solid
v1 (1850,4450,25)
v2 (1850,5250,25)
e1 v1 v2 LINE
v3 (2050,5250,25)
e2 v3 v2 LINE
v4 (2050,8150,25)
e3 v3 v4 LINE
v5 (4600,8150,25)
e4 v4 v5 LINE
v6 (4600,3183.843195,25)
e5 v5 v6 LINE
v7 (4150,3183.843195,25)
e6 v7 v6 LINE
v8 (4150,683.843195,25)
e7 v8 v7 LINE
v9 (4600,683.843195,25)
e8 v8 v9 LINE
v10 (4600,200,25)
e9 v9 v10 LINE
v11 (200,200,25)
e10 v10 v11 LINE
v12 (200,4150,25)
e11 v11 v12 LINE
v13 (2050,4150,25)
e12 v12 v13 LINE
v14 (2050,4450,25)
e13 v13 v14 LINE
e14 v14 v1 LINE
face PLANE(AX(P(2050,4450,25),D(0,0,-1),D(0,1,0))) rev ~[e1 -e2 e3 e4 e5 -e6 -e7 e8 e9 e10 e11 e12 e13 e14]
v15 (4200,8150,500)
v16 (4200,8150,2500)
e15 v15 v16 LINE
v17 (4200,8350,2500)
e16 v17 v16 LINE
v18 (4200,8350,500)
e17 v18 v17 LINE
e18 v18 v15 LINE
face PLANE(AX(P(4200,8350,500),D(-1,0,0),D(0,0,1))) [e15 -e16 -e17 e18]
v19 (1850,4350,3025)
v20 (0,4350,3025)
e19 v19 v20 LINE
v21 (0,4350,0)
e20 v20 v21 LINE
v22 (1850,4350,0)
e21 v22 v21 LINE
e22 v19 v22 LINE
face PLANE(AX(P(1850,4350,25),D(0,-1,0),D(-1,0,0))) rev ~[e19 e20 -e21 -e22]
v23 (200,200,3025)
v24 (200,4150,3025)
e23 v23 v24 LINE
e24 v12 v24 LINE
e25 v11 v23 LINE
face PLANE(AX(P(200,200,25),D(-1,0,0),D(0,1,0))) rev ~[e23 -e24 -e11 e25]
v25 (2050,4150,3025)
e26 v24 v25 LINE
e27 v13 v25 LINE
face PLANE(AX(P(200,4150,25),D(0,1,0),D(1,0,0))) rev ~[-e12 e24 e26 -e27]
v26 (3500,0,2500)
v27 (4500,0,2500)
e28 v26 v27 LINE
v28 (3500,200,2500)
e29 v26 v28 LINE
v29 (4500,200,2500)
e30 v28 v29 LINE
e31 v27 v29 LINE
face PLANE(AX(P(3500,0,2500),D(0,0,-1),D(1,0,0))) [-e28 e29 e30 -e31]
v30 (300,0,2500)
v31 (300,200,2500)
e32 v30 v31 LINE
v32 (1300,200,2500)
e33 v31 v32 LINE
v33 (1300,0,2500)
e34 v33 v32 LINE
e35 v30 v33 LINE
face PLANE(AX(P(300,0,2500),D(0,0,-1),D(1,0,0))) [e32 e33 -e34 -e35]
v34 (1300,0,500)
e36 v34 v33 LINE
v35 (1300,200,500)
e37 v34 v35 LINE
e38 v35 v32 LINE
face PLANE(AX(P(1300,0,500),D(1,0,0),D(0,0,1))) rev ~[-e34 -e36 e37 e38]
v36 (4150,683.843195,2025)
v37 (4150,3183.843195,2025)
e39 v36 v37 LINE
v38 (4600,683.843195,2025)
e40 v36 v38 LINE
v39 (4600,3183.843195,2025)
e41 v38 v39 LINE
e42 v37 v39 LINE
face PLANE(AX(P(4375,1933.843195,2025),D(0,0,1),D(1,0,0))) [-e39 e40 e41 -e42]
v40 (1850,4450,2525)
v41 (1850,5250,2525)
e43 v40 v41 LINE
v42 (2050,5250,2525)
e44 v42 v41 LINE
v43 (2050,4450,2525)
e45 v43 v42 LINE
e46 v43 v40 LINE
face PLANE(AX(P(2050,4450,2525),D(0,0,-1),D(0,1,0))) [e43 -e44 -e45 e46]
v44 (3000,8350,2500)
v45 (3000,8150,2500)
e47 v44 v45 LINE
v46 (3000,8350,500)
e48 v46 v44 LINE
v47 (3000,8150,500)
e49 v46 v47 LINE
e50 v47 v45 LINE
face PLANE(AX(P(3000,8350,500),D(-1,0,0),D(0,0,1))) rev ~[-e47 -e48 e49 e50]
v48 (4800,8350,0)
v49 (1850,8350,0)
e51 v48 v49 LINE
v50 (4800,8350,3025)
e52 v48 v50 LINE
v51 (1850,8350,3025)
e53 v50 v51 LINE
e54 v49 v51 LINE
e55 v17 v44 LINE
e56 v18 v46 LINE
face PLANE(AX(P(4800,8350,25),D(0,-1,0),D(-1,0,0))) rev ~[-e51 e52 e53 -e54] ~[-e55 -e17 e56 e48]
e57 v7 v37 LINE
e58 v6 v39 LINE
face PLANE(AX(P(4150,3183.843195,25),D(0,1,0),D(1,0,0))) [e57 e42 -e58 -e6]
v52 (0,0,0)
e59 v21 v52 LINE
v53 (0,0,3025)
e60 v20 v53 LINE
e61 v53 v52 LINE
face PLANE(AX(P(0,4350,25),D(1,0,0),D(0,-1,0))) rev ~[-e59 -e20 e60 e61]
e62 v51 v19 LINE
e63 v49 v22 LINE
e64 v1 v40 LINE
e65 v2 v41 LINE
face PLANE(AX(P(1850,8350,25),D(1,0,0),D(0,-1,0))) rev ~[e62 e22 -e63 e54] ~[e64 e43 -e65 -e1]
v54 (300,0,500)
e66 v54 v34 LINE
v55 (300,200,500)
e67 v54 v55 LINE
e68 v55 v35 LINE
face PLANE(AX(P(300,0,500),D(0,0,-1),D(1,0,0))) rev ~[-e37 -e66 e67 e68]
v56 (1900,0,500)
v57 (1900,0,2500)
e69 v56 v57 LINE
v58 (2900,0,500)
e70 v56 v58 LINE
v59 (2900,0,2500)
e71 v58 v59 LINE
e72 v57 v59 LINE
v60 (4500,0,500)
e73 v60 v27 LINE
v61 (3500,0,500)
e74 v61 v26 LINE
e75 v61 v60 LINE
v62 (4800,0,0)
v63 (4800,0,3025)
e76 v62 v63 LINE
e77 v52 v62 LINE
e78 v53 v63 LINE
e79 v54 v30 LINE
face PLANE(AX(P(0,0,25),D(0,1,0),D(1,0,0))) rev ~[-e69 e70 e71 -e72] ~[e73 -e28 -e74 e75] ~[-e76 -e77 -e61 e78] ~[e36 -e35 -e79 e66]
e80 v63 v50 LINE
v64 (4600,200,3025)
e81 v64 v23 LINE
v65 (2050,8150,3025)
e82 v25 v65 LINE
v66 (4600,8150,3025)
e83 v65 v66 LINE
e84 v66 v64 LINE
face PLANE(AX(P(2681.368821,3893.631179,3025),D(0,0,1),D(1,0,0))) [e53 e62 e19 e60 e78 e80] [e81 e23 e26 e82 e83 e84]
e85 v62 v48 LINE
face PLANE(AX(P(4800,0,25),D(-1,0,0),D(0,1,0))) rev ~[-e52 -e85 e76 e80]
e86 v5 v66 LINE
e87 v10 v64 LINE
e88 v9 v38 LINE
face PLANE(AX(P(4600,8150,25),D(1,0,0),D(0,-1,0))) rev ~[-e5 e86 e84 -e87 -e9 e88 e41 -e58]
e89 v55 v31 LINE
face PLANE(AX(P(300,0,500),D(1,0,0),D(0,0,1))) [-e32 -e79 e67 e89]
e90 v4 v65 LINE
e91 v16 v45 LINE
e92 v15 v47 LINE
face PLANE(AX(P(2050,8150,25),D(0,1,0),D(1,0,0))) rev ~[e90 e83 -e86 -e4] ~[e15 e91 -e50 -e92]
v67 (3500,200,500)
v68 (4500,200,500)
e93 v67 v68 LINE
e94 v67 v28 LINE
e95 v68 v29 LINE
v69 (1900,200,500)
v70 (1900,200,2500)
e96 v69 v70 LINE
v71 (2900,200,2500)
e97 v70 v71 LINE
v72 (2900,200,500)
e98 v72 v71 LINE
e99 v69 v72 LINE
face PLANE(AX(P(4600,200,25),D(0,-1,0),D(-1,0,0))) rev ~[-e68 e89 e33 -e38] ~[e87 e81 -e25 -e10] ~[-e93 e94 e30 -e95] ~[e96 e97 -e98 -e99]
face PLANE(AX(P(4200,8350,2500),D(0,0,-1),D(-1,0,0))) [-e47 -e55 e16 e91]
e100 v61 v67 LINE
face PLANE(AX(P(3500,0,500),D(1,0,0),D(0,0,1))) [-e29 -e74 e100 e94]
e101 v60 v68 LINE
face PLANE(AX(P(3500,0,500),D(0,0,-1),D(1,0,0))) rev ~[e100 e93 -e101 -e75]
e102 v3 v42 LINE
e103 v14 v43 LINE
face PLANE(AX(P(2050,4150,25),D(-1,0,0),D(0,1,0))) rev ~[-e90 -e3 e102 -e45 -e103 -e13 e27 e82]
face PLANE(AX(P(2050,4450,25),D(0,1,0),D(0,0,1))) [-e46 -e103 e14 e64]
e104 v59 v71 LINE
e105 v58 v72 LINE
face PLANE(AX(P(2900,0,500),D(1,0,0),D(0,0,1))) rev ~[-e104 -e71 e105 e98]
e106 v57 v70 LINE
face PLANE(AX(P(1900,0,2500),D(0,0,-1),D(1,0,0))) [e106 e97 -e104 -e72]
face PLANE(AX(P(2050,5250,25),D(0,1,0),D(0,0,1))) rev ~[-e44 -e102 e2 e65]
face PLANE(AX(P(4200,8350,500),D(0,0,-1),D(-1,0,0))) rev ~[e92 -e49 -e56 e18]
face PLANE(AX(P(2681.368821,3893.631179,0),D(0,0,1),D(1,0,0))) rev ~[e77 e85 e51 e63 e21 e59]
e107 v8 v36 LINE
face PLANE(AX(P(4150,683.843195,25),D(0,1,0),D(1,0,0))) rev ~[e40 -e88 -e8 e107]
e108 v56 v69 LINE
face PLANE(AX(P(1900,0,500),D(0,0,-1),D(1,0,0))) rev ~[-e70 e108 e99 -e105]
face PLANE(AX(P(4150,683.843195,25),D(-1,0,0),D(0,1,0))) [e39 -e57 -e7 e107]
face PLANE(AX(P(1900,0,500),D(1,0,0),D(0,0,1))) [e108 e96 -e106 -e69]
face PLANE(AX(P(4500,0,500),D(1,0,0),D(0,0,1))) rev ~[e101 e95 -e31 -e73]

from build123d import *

# Parameters (mm, degrees)
F1_DEPTH  = 25
F4_DEPTH  = 3000
F5_W      = 1000
F5_H      = 2000
F6_DEPTH  = 200
F7_W      = 1200
F7_H      = 2000
F8_DEPTH  = 200
F9_W      = 800
F9_H      = 2500
F10_DEPTH = 200
F11_W     = 450
F11_H     = 2500
F12_DEPTH = 2000


with BuildPart() as f1:
    # F0 (on Top) → F1 (new body)
    with BuildSketch(Plane.XY):
        Polygon((0, 4350), (0, 0), (4800, 0), (4800, 8350), (1850, 8350), (1850, 4350), align=None)
    extrude(amount=F1_DEPTH)

    # F3 (on face) → F4 (join)
    with BuildSketch(Plane.XY.offset(25)):
        Polygon((0, 0), (4800, 0), (4800, 8350), (1850, 8350), (1850, 4350), (0, 4350), align=None)
        Polygon((4600, 8150), (4600, 200), (200, 200), (200, 4150), (2050, 4150), (2050, 8150), align=None, mode=Mode.SUBTRACT)
    extrude(amount=F4_DEPTH)

    # F5 (on face) → F6 (cut, through all)
    with BuildSketch(Plane.XZ):
        with Locations((800, 1500)):
            Rectangle(F5_W, F5_H)
        with Locations((2400, 1500)):
            Rectangle(F5_W, F5_H)
        with Locations((4000, 1500)):
            Rectangle(F5_W, F5_H)
    extrude(amount=-F6_DEPTH, mode=Mode.SUBTRACT)

    # F7 (on face) → F8 (cut, through all)
    with BuildSketch(Plane(origin=(0, 8350, 0), x_dir=(-1, 0, 0), z_dir=(0, 1, 0))):
        with Locations((-3600, 1500)):
            Rectangle(F7_W, F7_H)
    extrude(amount=-F8_DEPTH, mode=Mode.SUBTRACT)

    # F9 (on face) → F10 (cut, through all)
    with BuildSketch(Plane.YZ.offset(2050)):
        with Locations((4850, 1275)):
            Rectangle(F9_W, F9_H)
    extrude(amount=-F10_DEPTH, mode=Mode.SUBTRACT)

    # F11 (on face) → F12 (join)
    with BuildSketch(Plane.XY.offset(25)):
        with Locations((4375, 1933.843195)):
            Rectangle(F11_W, F11_H)
    extrude(amount=F12_DEPTH)


solid = f1.part
